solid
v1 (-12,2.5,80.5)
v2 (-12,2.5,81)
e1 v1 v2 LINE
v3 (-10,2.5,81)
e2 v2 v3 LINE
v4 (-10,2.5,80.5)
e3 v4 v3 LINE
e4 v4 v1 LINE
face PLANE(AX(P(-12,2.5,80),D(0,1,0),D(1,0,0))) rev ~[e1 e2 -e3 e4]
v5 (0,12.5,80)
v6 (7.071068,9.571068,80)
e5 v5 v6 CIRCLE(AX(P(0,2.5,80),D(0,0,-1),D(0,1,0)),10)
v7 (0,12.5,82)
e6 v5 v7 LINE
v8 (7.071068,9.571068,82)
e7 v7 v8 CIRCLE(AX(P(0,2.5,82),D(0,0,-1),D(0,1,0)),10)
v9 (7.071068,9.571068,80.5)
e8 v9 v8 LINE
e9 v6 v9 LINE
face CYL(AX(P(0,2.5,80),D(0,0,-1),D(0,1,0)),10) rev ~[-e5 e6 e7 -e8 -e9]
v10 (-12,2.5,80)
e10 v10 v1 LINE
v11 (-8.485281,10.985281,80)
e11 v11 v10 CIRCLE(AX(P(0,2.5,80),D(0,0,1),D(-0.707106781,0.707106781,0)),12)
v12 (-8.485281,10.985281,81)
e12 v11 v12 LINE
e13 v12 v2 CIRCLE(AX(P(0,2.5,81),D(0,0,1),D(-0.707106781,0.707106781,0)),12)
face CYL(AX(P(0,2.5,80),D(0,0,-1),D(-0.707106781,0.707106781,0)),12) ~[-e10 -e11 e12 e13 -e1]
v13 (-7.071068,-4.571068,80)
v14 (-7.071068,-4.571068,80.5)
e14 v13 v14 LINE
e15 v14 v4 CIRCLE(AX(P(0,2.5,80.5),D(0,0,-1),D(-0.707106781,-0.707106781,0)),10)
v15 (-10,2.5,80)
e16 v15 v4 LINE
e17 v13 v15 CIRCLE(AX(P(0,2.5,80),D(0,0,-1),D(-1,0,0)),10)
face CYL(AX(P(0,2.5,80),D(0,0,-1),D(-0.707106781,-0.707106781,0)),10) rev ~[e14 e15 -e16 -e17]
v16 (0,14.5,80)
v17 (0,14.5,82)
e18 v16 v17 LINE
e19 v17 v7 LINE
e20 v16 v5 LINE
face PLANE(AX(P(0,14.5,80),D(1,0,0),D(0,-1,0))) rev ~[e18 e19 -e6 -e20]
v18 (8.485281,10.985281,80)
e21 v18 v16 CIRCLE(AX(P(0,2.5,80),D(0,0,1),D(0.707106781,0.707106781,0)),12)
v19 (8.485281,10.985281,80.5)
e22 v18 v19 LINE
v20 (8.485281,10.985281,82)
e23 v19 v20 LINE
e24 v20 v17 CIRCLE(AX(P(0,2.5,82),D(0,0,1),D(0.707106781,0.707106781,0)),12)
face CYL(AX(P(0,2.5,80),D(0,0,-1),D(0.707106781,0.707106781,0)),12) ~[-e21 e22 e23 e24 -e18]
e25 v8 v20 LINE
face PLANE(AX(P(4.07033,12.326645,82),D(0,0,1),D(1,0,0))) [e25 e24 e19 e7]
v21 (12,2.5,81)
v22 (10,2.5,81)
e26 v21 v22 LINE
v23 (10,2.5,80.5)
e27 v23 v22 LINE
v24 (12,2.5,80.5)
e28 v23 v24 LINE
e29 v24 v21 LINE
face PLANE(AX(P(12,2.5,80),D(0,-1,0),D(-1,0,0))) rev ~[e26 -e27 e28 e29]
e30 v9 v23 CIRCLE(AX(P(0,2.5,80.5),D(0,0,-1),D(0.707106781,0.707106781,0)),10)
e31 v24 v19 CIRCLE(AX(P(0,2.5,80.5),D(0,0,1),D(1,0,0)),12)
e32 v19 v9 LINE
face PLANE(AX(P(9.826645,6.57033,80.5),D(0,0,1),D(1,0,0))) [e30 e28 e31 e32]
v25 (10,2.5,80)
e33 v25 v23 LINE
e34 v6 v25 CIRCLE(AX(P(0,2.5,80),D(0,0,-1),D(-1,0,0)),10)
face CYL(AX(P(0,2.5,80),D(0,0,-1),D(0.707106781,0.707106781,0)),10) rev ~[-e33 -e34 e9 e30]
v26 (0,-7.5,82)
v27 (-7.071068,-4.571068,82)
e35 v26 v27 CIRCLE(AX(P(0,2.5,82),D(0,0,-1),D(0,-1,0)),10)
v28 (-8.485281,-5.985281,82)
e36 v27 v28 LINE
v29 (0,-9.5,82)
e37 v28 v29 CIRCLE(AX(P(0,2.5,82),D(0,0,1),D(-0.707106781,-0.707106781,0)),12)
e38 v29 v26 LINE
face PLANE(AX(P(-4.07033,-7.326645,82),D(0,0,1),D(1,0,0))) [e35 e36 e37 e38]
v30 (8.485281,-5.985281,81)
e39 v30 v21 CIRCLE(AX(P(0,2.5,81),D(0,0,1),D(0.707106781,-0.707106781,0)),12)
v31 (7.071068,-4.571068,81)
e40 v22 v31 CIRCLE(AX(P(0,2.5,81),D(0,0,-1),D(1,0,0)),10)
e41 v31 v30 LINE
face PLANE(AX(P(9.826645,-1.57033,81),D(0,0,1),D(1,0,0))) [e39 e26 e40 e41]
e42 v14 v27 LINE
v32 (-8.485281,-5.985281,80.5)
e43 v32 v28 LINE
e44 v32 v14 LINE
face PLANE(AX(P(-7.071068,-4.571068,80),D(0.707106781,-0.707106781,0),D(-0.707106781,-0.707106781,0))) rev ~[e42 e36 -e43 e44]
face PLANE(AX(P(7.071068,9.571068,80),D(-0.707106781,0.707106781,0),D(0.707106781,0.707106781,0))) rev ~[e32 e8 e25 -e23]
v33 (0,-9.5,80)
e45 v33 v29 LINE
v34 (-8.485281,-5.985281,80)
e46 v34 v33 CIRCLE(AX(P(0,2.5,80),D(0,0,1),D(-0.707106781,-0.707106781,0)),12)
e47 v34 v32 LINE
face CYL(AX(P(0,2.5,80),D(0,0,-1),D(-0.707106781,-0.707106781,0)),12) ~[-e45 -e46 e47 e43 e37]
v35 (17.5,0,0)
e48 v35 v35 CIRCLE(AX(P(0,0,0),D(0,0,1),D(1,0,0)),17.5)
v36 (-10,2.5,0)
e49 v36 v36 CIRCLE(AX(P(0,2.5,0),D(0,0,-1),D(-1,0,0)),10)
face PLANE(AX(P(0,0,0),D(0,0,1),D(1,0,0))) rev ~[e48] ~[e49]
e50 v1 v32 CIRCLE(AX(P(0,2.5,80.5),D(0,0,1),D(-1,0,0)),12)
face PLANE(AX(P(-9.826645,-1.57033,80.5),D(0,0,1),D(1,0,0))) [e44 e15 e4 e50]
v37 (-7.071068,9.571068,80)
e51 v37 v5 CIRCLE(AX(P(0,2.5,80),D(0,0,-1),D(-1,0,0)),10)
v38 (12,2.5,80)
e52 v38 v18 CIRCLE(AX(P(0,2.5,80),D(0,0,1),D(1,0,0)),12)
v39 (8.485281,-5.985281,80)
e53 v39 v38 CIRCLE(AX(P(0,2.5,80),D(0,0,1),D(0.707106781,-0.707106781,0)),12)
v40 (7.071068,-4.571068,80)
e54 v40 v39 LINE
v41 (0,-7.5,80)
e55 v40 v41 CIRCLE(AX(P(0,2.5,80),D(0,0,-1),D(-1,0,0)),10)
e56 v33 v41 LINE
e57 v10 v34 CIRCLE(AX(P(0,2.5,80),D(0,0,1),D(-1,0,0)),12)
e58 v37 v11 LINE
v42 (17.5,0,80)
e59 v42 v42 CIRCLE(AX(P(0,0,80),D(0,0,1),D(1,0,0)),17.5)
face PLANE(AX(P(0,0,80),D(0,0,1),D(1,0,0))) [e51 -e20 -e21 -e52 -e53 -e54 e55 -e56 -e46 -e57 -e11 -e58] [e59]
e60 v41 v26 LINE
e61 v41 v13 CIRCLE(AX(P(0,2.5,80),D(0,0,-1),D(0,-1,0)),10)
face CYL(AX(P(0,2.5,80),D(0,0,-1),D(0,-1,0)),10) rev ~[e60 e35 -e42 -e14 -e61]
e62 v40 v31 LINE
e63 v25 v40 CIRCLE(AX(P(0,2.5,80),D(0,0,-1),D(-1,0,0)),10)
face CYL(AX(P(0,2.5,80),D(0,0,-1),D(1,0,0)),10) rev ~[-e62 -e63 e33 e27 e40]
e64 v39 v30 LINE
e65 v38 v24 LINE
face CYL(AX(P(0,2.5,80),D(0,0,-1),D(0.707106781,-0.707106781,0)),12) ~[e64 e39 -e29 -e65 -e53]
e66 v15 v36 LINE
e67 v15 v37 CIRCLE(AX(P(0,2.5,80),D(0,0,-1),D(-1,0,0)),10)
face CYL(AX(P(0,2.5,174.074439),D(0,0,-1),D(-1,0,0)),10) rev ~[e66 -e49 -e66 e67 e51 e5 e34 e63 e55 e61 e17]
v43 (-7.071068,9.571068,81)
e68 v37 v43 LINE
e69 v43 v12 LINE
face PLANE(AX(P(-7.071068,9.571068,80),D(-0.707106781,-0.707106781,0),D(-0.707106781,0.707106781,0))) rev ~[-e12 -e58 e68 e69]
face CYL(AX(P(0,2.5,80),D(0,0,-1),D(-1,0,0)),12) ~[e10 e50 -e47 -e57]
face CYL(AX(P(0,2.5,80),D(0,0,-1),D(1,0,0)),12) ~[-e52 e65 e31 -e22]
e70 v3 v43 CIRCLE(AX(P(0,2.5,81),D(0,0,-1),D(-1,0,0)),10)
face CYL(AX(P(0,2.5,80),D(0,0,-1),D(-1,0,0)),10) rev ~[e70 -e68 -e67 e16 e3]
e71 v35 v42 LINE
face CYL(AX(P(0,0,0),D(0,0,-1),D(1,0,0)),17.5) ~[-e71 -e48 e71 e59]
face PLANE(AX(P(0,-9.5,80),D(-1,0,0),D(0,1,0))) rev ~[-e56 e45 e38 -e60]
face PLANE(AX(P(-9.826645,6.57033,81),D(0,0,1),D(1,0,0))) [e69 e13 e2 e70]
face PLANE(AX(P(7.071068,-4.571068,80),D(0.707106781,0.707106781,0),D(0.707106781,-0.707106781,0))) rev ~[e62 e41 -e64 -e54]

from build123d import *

# Parameters (mm, degrees)
F2_R      = 17.5
F3_DEPTH  = 80
F6_D      = 20
F8_DEPTH  = 2
F10_DEPTH = 0.5
F12_DEPTH = 1


with BuildPart() as f3:
    # F2 (on Top) → F3 (new body)
    with BuildSketch(Plane.XY):
        Circle(F2_R)
    extrude(amount=F3_DEPTH)

    # F6 (through all)
    with Locations(Plane.XY.offset(80)):
        with Locations((0, 2.5)):
            Hole(F6_D / 2)

    # F7 (on offset) → F8 (join)
    with BuildSketch(Plane.XY.offset(80)):
        with BuildLine():
            Line((0, -9.5), (0, -7.5))
            ThreePointArc((0, -7.5), (-3.8268343237, -6.7387953251), (-7.0710678119, -4.5710678119))
            Line((-7.0710678119, -4.5710678119), (-8.4852813742, -5.9852813742))
            ThreePointArc((-8.4852813742, -5.9852813742), (-4.5922011884, -8.5865543901), (0, -9.5))
        make_face()
        with BuildLine():
            Line((0, 14.4321346406), (0, 12.5))
            ThreePointArc((0, 12.5), (3.8268343237, 11.7387953251), (7.0710678119, 9.5710678119))
            Line((7.0710678119, 9.5710678119), (8.4852813742, 10.9852813742))
            ThreePointArc((8.4852813742, 10.9852813742), (4.5922011884, 13.5865543901), (0, 14.5))
            Line((0, 14.5), (0, 14.4321346406))
        make_face()
    extrude(amount=F8_DEPTH)

    # F9 (on offset) → F10 (join)
    with BuildSketch(Plane.XY.offset(80)):
        with BuildLine():
            Line((-8.4852813742, -5.9852813742), (-7.0710678119, -4.5710678119))
            ThreePointArc((-7.0710678119, -4.5710678119), (-9.2387953251, -1.3268343237), (-10, 2.5))
            Line((-10, 2.5), (-12, 2.5))
            ThreePointArc((-12, 2.5), (-11.0865543901, -2.0922011884), (-8.4852813742, -5.9852813742))
        make_face()
        with BuildLine():
            Line((8.4328658848, 10.9328658848), (7.0710678119, 9.5710678119))
            ThreePointArc((7.0710678119, 9.5710678119), (9.2387953251, 6.3268343237), (10, 2.5))
            Line((10, 2.5), (12, 2.5))
            ThreePointArc((12, 2.5), (11.0865543901, 7.0922011884), (8.4852813742, 10.9852813742))
            Line((8.4852813742, 10.9852813742), (8.4328658848, 10.9328658848))
        make_face()
    extrude(amount=F10_DEPTH)

    # F11 (on offset) → F12 (join)
    with BuildSketch(Plane.XY.offset(80)):
        with BuildLine():
            Line((-12, 2.5), (-10, 2.5))
            ThreePointArc((-10, 2.5), (-9.2387953251, 6.3268343237), (-7.0710678119, 9.5710678119))
            Line((-7.0710678119, 9.5710678119), (-8.4852813742, 10.9852813742))
            ThreePointArc((-8.4852813742, 10.9852813742), (-11.0865543901, 7.0922011884), (-12, 2.5))
        make_face()
        with BuildLine():
            Line((12, 2.5), (10, 2.5))
            ThreePointArc((10, 2.5), (9.2387953251, -1.3268343237), (7.0710678119, -4.5710678119))
            Line((7.0710678119, -4.5710678119), (8.4852813742, -5.9852813742))
            ThreePointArc((8.4852813742, -5.9852813742), (11.0865543901, -2.0922011884), (12, 2.5))
        make_face()
    extrude(amount=F12_DEPTH)


solid = f3.part
